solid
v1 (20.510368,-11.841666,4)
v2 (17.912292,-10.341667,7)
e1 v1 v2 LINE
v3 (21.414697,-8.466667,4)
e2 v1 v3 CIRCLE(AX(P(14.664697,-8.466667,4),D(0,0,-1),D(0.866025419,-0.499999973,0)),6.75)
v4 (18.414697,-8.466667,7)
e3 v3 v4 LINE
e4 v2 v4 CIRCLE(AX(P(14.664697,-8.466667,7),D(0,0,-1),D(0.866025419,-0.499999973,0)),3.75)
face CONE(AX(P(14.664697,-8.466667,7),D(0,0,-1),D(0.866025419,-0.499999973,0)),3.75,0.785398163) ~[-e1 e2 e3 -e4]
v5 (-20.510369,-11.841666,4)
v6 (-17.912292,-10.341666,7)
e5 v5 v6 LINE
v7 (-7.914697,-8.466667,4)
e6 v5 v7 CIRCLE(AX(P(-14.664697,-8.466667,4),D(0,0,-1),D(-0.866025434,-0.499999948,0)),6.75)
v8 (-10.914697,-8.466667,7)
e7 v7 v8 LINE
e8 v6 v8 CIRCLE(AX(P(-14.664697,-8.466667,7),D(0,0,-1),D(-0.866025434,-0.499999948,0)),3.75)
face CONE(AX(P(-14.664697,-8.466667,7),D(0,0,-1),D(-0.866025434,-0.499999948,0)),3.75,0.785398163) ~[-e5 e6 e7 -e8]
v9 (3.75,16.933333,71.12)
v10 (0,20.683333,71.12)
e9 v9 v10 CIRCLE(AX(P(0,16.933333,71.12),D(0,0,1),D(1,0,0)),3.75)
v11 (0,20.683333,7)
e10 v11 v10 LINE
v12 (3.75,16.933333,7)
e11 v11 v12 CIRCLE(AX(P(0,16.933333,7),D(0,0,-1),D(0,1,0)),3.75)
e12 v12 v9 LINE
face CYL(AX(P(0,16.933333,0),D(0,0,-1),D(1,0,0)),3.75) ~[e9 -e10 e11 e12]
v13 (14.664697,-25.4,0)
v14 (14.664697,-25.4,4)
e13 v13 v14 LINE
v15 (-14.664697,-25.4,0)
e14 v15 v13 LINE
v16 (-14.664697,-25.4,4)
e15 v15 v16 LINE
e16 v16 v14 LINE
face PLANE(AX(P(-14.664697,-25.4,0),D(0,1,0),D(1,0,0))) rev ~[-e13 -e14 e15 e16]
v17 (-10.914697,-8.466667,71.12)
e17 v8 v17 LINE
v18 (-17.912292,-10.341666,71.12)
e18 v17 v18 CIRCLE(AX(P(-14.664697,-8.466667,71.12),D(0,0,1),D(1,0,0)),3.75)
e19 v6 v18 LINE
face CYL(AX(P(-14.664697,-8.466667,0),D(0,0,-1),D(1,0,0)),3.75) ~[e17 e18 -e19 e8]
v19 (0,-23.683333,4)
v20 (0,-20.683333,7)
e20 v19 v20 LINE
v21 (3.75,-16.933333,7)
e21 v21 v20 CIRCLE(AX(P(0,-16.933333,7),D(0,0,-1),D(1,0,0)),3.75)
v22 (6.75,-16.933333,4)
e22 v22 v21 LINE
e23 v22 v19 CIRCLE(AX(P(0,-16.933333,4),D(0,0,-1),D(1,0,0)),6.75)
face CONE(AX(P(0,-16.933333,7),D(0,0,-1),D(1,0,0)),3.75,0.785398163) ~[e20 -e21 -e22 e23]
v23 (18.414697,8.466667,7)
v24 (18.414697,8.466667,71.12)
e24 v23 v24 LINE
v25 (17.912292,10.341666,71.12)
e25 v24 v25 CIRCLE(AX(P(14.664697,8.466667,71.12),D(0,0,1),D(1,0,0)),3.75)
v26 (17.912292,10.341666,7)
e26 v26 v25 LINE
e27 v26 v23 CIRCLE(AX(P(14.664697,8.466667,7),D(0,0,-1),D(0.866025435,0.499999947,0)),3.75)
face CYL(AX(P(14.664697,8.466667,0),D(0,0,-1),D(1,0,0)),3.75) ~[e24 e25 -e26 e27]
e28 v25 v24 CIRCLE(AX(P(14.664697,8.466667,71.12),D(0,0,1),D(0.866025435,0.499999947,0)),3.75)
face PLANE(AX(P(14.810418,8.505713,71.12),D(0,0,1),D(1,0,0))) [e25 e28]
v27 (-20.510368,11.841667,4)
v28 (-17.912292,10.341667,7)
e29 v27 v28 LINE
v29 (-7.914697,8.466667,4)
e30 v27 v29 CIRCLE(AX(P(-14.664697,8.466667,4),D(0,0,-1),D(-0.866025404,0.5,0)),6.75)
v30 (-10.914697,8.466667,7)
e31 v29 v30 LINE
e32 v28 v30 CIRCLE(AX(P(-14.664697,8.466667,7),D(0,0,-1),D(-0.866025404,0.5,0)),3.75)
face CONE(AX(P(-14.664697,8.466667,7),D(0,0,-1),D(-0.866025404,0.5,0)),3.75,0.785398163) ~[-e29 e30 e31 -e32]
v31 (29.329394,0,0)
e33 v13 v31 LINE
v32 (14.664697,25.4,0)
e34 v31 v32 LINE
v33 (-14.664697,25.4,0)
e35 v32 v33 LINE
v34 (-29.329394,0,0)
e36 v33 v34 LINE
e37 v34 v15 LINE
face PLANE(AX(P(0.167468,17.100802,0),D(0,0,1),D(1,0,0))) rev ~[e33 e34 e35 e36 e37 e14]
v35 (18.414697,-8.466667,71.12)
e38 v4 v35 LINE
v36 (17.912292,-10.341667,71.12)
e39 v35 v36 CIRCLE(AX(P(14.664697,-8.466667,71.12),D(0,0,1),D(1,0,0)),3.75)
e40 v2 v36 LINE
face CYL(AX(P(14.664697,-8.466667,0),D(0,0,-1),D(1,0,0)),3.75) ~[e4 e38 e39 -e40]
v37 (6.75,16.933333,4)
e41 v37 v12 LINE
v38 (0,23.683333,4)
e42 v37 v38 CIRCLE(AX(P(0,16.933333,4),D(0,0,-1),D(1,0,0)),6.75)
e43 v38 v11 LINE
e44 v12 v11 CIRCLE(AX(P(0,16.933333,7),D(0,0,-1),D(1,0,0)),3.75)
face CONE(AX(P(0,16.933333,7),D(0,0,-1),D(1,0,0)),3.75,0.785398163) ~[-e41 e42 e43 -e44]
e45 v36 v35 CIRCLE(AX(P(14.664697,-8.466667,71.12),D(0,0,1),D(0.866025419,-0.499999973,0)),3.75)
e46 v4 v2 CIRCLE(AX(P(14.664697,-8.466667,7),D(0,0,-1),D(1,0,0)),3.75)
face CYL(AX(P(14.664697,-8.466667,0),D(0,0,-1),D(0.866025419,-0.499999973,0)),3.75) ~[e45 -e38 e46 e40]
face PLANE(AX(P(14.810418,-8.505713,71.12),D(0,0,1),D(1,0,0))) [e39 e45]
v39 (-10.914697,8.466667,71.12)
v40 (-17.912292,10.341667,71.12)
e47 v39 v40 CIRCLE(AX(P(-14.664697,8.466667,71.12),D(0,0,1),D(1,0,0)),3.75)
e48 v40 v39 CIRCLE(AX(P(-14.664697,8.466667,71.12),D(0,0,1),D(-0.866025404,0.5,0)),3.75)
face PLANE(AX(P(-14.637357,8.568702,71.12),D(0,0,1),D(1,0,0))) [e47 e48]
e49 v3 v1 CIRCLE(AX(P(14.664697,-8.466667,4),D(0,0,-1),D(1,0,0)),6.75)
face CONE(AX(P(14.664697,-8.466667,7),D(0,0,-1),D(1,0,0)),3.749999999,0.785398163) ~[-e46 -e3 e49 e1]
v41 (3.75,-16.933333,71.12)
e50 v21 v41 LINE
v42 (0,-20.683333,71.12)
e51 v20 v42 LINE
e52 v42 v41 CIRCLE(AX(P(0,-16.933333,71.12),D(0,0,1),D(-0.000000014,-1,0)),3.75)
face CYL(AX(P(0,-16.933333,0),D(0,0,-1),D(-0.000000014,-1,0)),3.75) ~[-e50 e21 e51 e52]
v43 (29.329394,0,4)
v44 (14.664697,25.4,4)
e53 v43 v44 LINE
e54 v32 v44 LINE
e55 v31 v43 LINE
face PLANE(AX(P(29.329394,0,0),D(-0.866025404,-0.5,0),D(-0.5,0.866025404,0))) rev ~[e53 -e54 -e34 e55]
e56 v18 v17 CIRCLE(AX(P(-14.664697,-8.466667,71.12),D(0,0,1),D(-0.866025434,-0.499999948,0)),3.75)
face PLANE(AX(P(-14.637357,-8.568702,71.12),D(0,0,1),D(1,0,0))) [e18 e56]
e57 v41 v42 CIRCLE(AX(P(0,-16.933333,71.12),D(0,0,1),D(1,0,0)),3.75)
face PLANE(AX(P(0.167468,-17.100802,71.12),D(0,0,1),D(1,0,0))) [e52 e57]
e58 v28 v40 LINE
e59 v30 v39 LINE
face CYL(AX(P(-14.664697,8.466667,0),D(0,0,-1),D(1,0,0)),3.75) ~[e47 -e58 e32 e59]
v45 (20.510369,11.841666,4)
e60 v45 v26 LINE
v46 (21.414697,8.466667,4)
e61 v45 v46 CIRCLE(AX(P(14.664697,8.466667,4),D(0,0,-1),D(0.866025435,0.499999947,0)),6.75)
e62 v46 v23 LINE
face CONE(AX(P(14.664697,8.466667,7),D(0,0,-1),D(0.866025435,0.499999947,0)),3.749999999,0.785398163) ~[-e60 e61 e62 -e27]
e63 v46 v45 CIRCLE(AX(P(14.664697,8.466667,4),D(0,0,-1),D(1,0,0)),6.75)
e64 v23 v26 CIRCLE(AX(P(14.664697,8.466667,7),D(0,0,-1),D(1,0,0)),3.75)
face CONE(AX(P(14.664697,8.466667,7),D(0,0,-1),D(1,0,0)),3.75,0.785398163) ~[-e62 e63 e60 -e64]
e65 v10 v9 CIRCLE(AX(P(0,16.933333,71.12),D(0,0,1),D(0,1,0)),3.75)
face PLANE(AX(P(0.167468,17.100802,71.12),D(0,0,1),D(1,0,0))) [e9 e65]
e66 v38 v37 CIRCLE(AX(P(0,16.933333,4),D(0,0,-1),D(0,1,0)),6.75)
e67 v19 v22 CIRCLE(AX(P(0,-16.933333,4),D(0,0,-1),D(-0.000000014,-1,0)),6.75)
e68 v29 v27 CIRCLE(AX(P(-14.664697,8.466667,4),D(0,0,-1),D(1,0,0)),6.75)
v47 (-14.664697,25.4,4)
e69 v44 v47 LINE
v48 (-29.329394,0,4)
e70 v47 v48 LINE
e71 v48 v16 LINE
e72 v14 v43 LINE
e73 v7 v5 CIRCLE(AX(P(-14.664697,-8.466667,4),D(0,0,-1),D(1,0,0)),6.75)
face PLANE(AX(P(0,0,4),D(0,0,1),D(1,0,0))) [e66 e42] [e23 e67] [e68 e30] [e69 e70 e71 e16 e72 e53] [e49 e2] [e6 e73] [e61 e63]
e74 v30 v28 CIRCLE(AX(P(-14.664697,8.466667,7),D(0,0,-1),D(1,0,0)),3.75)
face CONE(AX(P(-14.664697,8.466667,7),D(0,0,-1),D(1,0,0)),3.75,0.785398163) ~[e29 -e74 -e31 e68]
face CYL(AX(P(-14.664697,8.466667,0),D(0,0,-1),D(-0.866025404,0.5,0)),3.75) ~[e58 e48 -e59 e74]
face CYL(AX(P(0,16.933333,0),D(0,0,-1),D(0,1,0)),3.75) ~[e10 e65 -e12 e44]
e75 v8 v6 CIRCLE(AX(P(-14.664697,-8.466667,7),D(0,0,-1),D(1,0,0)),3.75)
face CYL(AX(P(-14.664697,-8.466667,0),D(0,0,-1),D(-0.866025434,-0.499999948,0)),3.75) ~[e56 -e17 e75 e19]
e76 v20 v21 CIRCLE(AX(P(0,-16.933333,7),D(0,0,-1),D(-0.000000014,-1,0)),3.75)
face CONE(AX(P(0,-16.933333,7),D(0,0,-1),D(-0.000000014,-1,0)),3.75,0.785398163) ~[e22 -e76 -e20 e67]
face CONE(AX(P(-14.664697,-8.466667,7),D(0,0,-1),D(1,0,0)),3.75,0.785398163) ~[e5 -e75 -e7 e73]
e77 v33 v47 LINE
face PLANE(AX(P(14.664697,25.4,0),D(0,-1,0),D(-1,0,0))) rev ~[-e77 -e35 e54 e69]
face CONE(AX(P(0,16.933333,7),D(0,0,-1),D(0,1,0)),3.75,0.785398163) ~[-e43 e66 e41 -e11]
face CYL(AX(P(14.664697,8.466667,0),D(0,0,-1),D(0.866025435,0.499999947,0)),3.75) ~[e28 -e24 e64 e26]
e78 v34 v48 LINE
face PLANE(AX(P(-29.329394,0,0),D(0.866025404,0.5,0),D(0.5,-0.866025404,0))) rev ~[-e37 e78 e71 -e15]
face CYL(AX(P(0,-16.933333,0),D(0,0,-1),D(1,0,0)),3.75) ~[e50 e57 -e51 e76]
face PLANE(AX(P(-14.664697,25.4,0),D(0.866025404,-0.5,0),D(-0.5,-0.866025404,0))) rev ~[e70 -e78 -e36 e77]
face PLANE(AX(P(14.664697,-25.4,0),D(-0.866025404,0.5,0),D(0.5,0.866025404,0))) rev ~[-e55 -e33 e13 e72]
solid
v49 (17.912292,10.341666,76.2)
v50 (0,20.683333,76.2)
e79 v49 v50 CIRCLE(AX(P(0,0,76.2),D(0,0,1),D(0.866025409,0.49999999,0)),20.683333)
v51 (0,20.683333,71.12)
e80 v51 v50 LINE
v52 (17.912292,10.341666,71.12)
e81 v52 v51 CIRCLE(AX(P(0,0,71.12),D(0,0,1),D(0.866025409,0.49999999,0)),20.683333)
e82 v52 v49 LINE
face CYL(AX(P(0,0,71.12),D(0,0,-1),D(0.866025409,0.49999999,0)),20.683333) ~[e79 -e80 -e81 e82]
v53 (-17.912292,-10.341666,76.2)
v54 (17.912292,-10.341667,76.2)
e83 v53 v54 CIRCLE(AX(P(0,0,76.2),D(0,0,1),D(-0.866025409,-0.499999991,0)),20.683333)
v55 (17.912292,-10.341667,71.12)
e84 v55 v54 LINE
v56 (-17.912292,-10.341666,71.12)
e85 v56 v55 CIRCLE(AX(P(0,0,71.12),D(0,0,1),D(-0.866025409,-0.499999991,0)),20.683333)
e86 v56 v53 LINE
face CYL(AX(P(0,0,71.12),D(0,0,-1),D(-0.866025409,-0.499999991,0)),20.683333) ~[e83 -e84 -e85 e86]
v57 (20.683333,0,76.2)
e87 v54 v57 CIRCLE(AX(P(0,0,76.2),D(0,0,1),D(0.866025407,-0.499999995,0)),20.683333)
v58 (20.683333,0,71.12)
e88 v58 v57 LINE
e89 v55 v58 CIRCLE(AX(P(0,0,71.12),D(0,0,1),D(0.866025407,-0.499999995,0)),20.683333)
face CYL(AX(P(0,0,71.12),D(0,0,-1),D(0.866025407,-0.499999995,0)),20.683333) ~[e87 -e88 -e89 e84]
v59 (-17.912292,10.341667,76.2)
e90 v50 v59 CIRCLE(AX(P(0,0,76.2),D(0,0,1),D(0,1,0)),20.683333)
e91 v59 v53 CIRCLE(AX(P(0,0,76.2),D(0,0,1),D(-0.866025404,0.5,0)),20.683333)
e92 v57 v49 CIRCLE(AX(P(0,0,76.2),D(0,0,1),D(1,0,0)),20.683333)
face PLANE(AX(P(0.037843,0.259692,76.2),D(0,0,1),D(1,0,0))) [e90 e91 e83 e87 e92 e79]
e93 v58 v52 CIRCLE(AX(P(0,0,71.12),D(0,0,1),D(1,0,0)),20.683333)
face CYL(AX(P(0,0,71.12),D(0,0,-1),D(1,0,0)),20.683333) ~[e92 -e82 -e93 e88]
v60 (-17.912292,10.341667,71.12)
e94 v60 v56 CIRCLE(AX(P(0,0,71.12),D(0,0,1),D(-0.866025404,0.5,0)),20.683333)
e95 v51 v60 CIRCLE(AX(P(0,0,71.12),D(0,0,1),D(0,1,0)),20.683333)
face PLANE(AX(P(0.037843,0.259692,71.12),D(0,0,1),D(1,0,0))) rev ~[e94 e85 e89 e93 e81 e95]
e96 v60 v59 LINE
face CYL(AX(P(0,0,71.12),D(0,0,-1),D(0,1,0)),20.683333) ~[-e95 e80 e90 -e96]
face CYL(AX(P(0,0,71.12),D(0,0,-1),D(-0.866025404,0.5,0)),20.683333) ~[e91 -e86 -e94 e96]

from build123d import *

# Parameters (mm, degrees)
F1_DEPTH = 4
F2_DEPTH = 71.12
F3_START = 71.12
F3_DEPTH = 5.08
F4_SIZE  = 3


with BuildPart() as f1:
    # F0 (on Top) → F1 (new body)
    with BuildSketch(Plane.XY):
        Polygon((14.6646968374, 25.4), (-14.6646968374, 25.4), (-29.3293936748, 0), (-14.6646968374, -25.4), (14.6646968374, -25.4), (29.3293936748, 0), align=None)
        with BuildLine():
            ThreePointArc((-17.9122922144, -10.3416664713), (-20.6833333333, 1.129e-07), (-17.9122921015, 10.3416666669))
            ThreePointArc((-17.9122921015, 10.3416666669), (-10.3416666665, 17.9122921017), (0, 20.6833333333))
            ThreePointArc((0, 20.6833333333), (10.3416667666, 17.9122920439), (17.912292217, 10.3416664668))
            ThreePointArc((17.912292217, 10.3416664668), (19.9785658703, 5.3532404714), (20.6833333333, 0))
            ThreePointArc((20.6833333333, 0), (19.9785658556, -5.3532405263), (17.9122921602, -10.3416665652))
            ThreePointArc((17.9122921602, -10.3416665652), (10.3416666949, -17.9122920853), (-5.2e-08, -20.6833333333))
            ThreePointArc((-5.2e-08, -20.6833333333), (-10.3416667868, -17.9122920322), (-17.9122922144, -10.3416664713))
        make_face(mode=Mode.SUBTRACT)
        with BuildLine():
            ThreePointArc((0, 20.6833333333), (-10.3416666665, 17.9122921017), (-17.9122921015, 10.3416666669))
            ThreePointArc((-17.9122921015, 10.3416666669), (-20.6833333333, 1.129e-07), (-17.9122922144, -10.3416664713))
            ThreePointArc((-17.9122922144, -10.3416664713), (-10.3416667868, -17.9122920322), (-5.2e-08, -20.6833333333))
            ThreePointArc((-5.2e-08, -20.6833333333), (10.3416666949, -17.9122920853), (17.9122921602, -10.3416665652))
            ThreePointArc((17.9122921602, -10.3416665652), (19.9785658556, -5.3532405263), (20.6833333333, 0))
            ThreePointArc((20.6833333333, 0), (19.9785658703, 5.3532404714), (17.912292217, 10.3416664668))
            ThreePointArc((17.912292217, 10.3416664668), (10.3416667666, 17.9122920439), (0, 20.6833333333))
        make_face()
        with BuildLine():
            ThreePointArc((-10.9146968374, -8.4666666667), (-13.6941255272, -12.0888885444), (-17.9122922144, -10.3416664713))
            ThreePointArc((-17.9122922144, -10.3416664713), (-15.6352681476, -4.8444447889), (-10.9146968374, -8.4666666667))
        make_face(mode=Mode.SUBTRACT)
        with BuildLine():
            ThreePointArc((3.75, -16.9333333333), (2.6516504111, -19.5849837812), (-5.2e-08, -20.6833333333))
            ThreePointArc((-5.2e-08, -20.6833333333), (-2.6516504111, -14.2816828855), (3.75, -16.9333333333))
        make_face(mode=Mode.SUBTRACT)
        with BuildLine():
            ThreePointArc((18.4146968374, -8.4666666667), (18.2869187012, -9.4372380292), (17.9122921602, -10.3416665652))
            ThreePointArc((17.9122921602, -10.3416665652), (11.0424749737, -7.4960953041), (18.4146968374, -8.4666666667))
        make_face(mode=Mode.SUBTRACT)
        with BuildLine():
            ThreePointArc((-17.9122921015, 10.3416666669), (-13.6941254181, 12.0888885152), (-10.9146968374, 8.4666666667))
            ThreePointArc((-10.9146968374, 8.4666666667), (-15.6352682567, 4.8444448181), (-17.9122921015, 10.3416666669))
        make_face(mode=Mode.SUBTRACT)
        with BuildLine():
            ThreePointArc((18.4146968374, 8.4666666667), (11.042474959, 7.496095359), (17.912292217, 10.3416664668))
            ThreePointArc((17.912292217, 10.3416664668), (18.2869187159, 9.4372379743), (18.4146968374, 8.4666666667))
        make_face(mode=Mode.SUBTRACT)
        with BuildLine():
            ThreePointArc((3.75, 16.9333333333), (-2.6516504294, 14.2816829039), (0, 20.6833333333))
            ThreePointArc((0, 20.6833333333), (2.6516504294, 19.5849837628), (3.75, 16.9333333333))
        make_face(mode=Mode.SUBTRACT)
        with BuildLine():
            ThreePointArc((-17.9122921015, 10.3416666669), (-15.6352682567, 4.8444448181), (-10.9146968374, 8.4666666667))
            ThreePointArc((-10.9146968374, 8.4666666667), (-13.6941254181, 12.0888885152), (-17.9122921015, 10.3416666669))
        make_face()
        with BuildLine():
            ThreePointArc((3.75, 16.9333333333), (2.6516504294, 19.5849837628), (0, 20.6833333333))
            ThreePointArc((0, 20.6833333333), (-2.6516504294, 14.2816829039), (3.75, 16.9333333333))
        make_face()
        with BuildLine():
            ThreePointArc((18.4146968374, 8.4666666667), (18.2869187159, 9.4372379743), (17.912292217, 10.3416664668))
            ThreePointArc((17.912292217, 10.3416664668), (11.042474959, 7.496095359), (18.4146968374, 8.4666666667))
        make_face()
        with BuildLine():
            ThreePointArc((18.4146968374, -8.4666666667), (11.0424749737, -7.4960953041), (17.9122921602, -10.3416665652))
            ThreePointArc((17.9122921602, -10.3416665652), (18.2869187012, -9.4372380292), (18.4146968374, -8.4666666667))
        make_face()
        with BuildLine():
            ThreePointArc((-10.9146968374, -8.4666666667), (-15.6352681476, -4.8444447889), (-17.9122922144, -10.3416664713))
            ThreePointArc((-17.9122922144, -10.3416664713), (-13.6941255272, -12.0888885444), (-10.9146968374, -8.4666666667))
        make_face()
        with BuildLine():
            ThreePointArc((3.75, -16.9333333333), (-2.6516504111, -14.2816828855), (-5.2e-08, -20.6833333333))
            ThreePointArc((-5.2e-08, -20.6833333333), (2.6516504111, -19.5849837812), (3.75, -16.9333333333))
        make_face()
    extrude(amount=F1_DEPTH)

    # F0 (on Top) → F2 (join)
    with BuildSketch(Plane.XY):
        with BuildLine():
            ThreePointArc((3.75, 16.9333333333), (2.6516504294, 19.5849837628), (0, 20.6833333333))
            ThreePointArc((0, 20.6833333333), (-2.6516504294, 14.2816829039), (3.75, 16.9333333333))
        make_face()
        with BuildLine():
            ThreePointArc((-17.9122921015, 10.3416666669), (-15.6352682567, 4.8444448181), (-10.9146968374, 8.4666666667))
            ThreePointArc((-10.9146968374, 8.4666666667), (-13.6941254181, 12.0888885152), (-17.9122921015, 10.3416666669))
        make_face()
        with BuildLine():
            ThreePointArc((18.4146968374, 8.4666666667), (18.2869187159, 9.4372379743), (17.912292217, 10.3416664668))
            ThreePointArc((17.912292217, 10.3416664668), (11.042474959, 7.496095359), (18.4146968374, 8.4666666667))
        make_face()
        with BuildLine():
            ThreePointArc((18.4146968374, -8.4666666667), (11.0424749737, -7.4960953041), (17.9122921602, -10.3416665652))
            ThreePointArc((17.9122921602, -10.3416665652), (18.2869187012, -9.4372380292), (18.4146968374, -8.4666666667))
        make_face()
        with BuildLine():
            ThreePointArc((3.75, -16.9333333333), (-2.6516504111, -14.2816828855), (-5.2e-08, -20.6833333333))
            ThreePointArc((-5.2e-08, -20.6833333333), (2.6516504111, -19.5849837812), (3.75, -16.9333333333))
        make_face()
        with BuildLine():
            ThreePointArc((-10.9146968374, -8.4666666667), (-15.6352681476, -4.8444447889), (-17.9122922144, -10.3416664713))
            ThreePointArc((-17.9122922144, -10.3416664713), (-13.6941255272, -12.0888885444), (-10.9146968374, -8.4666666667))
        make_face()
    extrude(amount=F2_DEPTH)

    # F4
    f4_edges = [f1.edges().sort_by_distance(p)[0] for p in [
        (11.417102, -6.591667, 4),
        (-3.75, -16.933333, 4),
        (11.417101, 6.591667, 4),
        (-3.75, 16.933333, 4),
        (-11.417102, 6.591667, 4),
        (-11.417101, -6.591667, 4),
    ]]
    chamfer(f4_edges, length=F4_SIZE)


with BuildPart() as f3:
    # F0 (on Top) → F3 (new body)
    with BuildSketch(Plane.XY.offset(F3_START)):
        with BuildLine():
            ThreePointArc((0, 20.6833333333), (-10.3416666665, 17.9122921017), (-17.9122921015, 10.3416666669))
            ThreePointArc((-17.9122921015, 10.3416666669), (-20.6833333333, 1.129e-07), (-17.9122922144, -10.3416664713))
            ThreePointArc((-17.9122922144, -10.3416664713), (-10.3416667868, -17.9122920322), (-5.2e-08, -20.6833333333))
            ThreePointArc((-5.2e-08, -20.6833333333), (10.3416666949, -17.9122920853), (17.9122921602, -10.3416665652))
            ThreePointArc((17.9122921602, -10.3416665652), (19.9785658556, -5.3532405263), (20.6833333333, 0))
            ThreePointArc((20.6833333333, 0), (19.9785658703, 5.3532404714), (17.912292217, 10.3416664668))
            ThreePointArc((17.912292217, 10.3416664668), (10.3416667666, 17.9122920439), (0, 20.6833333333))
        make_face()
        with BuildLine():
            ThreePointArc((-10.9146968374, -8.4666666667), (-13.6941255272, -12.0888885444), (-17.9122922144, -10.3416664713))
            ThreePointArc((-17.9122922144, -10.3416664713), (-15.6352681476, -4.8444447889), (-10.9146968374, -8.4666666667))
        make_face(mode=Mode.SUBTRACT)
        with BuildLine():
            ThreePointArc((3.75, -16.9333333333), (2.6516504111, -19.5849837812), (-5.2e-08, -20.6833333333))
            ThreePointArc((-5.2e-08, -20.6833333333), (-2.6516504111, -14.2816828855), (3.75, -16.9333333333))
        make_face(mode=Mode.SUBTRACT)
        with BuildLine():
            ThreePointArc((18.4146968374, -8.4666666667), (18.2869187012, -9.4372380292), (17.9122921602, -10.3416665652))
            ThreePointArc((17.9122921602, -10.3416665652), (11.0424749737, -7.4960953041), (18.4146968374, -8.4666666667))
        make_face(mode=Mode.SUBTRACT)
        with BuildLine():
            ThreePointArc((-17.9122921015, 10.3416666669), (-13.6941254181, 12.0888885152), (-10.9146968374, 8.4666666667))
            ThreePointArc((-10.9146968374, 8.4666666667), (-15.6352682567, 4.8444448181), (-17.9122921015, 10.3416666669))
        make_face(mode=Mode.SUBTRACT)
        with BuildLine():
            ThreePointArc((18.4146968374, 8.4666666667), (11.042474959, 7.496095359), (17.912292217, 10.3416664668))
            ThreePointArc((17.912292217, 10.3416664668), (18.2869187159, 9.4372379743), (18.4146968374, 8.4666666667))
        make_face(mode=Mode.SUBTRACT)
        with BuildLine():
            ThreePointArc((3.75, 16.9333333333), (-2.6516504294, 14.2816829039), (0, 20.6833333333))
            ThreePointArc((0, 20.6833333333), (2.6516504294, 19.5849837628), (3.75, 16.9333333333))
        make_face(mode=Mode.SUBTRACT)
        with BuildLine():
            ThreePointArc((3.75, -16.9333333333), (-2.6516504111, -14.2816828855), (-5.2e-08, -20.6833333333))
            ThreePointArc((-5.2e-08, -20.6833333333), (2.6516504111, -19.5849837812), (3.75, -16.9333333333))
        make_face()
        with BuildLine():
            ThreePointArc((18.4146968374, -8.4666666667), (11.0424749737, -7.4960953041), (17.9122921602, -10.3416665652))
            ThreePointArc((17.9122921602, -10.3416665652), (18.2869187012, -9.4372380292), (18.4146968374, -8.4666666667))
        make_face()
        with BuildLine():
            ThreePointArc((18.4146968374, 8.4666666667), (18.2869187159, 9.4372379743), (17.912292217, 10.3416664668))
            ThreePointArc((17.912292217, 10.3416664668), (11.042474959, 7.496095359), (18.4146968374, 8.4666666667))
        make_face()
        with BuildLine():
            ThreePointArc((-10.9146968374, -8.4666666667), (-15.6352681476, -4.8444447889), (-17.9122922144, -10.3416664713))
            ThreePointArc((-17.9122922144, -10.3416664713), (-13.6941255272, -12.0888885444), (-10.9146968374, -8.4666666667))
        make_face()
        with BuildLine():
            ThreePointArc((-17.9122921015, 10.3416666669), (-15.6352682567, 4.8444448181), (-10.9146968374, 8.4666666667))
            ThreePointArc((-10.9146968374, 8.4666666667), (-13.6941254181, 12.0888885152), (-17.9122921015, 10.3416666669))
        make_face()
        with BuildLine():
            ThreePointArc((3.75, 16.9333333333), (2.6516504294, 19.5849837628), (0, 20.6833333333))
            ThreePointArc((0, 20.6833333333), (-2.6516504294, 14.2816829039), (3.75, 16.9333333333))
        make_face()
    extrude(amount=F3_DEPTH)


solid = Compound([f1.part, f3.part])
